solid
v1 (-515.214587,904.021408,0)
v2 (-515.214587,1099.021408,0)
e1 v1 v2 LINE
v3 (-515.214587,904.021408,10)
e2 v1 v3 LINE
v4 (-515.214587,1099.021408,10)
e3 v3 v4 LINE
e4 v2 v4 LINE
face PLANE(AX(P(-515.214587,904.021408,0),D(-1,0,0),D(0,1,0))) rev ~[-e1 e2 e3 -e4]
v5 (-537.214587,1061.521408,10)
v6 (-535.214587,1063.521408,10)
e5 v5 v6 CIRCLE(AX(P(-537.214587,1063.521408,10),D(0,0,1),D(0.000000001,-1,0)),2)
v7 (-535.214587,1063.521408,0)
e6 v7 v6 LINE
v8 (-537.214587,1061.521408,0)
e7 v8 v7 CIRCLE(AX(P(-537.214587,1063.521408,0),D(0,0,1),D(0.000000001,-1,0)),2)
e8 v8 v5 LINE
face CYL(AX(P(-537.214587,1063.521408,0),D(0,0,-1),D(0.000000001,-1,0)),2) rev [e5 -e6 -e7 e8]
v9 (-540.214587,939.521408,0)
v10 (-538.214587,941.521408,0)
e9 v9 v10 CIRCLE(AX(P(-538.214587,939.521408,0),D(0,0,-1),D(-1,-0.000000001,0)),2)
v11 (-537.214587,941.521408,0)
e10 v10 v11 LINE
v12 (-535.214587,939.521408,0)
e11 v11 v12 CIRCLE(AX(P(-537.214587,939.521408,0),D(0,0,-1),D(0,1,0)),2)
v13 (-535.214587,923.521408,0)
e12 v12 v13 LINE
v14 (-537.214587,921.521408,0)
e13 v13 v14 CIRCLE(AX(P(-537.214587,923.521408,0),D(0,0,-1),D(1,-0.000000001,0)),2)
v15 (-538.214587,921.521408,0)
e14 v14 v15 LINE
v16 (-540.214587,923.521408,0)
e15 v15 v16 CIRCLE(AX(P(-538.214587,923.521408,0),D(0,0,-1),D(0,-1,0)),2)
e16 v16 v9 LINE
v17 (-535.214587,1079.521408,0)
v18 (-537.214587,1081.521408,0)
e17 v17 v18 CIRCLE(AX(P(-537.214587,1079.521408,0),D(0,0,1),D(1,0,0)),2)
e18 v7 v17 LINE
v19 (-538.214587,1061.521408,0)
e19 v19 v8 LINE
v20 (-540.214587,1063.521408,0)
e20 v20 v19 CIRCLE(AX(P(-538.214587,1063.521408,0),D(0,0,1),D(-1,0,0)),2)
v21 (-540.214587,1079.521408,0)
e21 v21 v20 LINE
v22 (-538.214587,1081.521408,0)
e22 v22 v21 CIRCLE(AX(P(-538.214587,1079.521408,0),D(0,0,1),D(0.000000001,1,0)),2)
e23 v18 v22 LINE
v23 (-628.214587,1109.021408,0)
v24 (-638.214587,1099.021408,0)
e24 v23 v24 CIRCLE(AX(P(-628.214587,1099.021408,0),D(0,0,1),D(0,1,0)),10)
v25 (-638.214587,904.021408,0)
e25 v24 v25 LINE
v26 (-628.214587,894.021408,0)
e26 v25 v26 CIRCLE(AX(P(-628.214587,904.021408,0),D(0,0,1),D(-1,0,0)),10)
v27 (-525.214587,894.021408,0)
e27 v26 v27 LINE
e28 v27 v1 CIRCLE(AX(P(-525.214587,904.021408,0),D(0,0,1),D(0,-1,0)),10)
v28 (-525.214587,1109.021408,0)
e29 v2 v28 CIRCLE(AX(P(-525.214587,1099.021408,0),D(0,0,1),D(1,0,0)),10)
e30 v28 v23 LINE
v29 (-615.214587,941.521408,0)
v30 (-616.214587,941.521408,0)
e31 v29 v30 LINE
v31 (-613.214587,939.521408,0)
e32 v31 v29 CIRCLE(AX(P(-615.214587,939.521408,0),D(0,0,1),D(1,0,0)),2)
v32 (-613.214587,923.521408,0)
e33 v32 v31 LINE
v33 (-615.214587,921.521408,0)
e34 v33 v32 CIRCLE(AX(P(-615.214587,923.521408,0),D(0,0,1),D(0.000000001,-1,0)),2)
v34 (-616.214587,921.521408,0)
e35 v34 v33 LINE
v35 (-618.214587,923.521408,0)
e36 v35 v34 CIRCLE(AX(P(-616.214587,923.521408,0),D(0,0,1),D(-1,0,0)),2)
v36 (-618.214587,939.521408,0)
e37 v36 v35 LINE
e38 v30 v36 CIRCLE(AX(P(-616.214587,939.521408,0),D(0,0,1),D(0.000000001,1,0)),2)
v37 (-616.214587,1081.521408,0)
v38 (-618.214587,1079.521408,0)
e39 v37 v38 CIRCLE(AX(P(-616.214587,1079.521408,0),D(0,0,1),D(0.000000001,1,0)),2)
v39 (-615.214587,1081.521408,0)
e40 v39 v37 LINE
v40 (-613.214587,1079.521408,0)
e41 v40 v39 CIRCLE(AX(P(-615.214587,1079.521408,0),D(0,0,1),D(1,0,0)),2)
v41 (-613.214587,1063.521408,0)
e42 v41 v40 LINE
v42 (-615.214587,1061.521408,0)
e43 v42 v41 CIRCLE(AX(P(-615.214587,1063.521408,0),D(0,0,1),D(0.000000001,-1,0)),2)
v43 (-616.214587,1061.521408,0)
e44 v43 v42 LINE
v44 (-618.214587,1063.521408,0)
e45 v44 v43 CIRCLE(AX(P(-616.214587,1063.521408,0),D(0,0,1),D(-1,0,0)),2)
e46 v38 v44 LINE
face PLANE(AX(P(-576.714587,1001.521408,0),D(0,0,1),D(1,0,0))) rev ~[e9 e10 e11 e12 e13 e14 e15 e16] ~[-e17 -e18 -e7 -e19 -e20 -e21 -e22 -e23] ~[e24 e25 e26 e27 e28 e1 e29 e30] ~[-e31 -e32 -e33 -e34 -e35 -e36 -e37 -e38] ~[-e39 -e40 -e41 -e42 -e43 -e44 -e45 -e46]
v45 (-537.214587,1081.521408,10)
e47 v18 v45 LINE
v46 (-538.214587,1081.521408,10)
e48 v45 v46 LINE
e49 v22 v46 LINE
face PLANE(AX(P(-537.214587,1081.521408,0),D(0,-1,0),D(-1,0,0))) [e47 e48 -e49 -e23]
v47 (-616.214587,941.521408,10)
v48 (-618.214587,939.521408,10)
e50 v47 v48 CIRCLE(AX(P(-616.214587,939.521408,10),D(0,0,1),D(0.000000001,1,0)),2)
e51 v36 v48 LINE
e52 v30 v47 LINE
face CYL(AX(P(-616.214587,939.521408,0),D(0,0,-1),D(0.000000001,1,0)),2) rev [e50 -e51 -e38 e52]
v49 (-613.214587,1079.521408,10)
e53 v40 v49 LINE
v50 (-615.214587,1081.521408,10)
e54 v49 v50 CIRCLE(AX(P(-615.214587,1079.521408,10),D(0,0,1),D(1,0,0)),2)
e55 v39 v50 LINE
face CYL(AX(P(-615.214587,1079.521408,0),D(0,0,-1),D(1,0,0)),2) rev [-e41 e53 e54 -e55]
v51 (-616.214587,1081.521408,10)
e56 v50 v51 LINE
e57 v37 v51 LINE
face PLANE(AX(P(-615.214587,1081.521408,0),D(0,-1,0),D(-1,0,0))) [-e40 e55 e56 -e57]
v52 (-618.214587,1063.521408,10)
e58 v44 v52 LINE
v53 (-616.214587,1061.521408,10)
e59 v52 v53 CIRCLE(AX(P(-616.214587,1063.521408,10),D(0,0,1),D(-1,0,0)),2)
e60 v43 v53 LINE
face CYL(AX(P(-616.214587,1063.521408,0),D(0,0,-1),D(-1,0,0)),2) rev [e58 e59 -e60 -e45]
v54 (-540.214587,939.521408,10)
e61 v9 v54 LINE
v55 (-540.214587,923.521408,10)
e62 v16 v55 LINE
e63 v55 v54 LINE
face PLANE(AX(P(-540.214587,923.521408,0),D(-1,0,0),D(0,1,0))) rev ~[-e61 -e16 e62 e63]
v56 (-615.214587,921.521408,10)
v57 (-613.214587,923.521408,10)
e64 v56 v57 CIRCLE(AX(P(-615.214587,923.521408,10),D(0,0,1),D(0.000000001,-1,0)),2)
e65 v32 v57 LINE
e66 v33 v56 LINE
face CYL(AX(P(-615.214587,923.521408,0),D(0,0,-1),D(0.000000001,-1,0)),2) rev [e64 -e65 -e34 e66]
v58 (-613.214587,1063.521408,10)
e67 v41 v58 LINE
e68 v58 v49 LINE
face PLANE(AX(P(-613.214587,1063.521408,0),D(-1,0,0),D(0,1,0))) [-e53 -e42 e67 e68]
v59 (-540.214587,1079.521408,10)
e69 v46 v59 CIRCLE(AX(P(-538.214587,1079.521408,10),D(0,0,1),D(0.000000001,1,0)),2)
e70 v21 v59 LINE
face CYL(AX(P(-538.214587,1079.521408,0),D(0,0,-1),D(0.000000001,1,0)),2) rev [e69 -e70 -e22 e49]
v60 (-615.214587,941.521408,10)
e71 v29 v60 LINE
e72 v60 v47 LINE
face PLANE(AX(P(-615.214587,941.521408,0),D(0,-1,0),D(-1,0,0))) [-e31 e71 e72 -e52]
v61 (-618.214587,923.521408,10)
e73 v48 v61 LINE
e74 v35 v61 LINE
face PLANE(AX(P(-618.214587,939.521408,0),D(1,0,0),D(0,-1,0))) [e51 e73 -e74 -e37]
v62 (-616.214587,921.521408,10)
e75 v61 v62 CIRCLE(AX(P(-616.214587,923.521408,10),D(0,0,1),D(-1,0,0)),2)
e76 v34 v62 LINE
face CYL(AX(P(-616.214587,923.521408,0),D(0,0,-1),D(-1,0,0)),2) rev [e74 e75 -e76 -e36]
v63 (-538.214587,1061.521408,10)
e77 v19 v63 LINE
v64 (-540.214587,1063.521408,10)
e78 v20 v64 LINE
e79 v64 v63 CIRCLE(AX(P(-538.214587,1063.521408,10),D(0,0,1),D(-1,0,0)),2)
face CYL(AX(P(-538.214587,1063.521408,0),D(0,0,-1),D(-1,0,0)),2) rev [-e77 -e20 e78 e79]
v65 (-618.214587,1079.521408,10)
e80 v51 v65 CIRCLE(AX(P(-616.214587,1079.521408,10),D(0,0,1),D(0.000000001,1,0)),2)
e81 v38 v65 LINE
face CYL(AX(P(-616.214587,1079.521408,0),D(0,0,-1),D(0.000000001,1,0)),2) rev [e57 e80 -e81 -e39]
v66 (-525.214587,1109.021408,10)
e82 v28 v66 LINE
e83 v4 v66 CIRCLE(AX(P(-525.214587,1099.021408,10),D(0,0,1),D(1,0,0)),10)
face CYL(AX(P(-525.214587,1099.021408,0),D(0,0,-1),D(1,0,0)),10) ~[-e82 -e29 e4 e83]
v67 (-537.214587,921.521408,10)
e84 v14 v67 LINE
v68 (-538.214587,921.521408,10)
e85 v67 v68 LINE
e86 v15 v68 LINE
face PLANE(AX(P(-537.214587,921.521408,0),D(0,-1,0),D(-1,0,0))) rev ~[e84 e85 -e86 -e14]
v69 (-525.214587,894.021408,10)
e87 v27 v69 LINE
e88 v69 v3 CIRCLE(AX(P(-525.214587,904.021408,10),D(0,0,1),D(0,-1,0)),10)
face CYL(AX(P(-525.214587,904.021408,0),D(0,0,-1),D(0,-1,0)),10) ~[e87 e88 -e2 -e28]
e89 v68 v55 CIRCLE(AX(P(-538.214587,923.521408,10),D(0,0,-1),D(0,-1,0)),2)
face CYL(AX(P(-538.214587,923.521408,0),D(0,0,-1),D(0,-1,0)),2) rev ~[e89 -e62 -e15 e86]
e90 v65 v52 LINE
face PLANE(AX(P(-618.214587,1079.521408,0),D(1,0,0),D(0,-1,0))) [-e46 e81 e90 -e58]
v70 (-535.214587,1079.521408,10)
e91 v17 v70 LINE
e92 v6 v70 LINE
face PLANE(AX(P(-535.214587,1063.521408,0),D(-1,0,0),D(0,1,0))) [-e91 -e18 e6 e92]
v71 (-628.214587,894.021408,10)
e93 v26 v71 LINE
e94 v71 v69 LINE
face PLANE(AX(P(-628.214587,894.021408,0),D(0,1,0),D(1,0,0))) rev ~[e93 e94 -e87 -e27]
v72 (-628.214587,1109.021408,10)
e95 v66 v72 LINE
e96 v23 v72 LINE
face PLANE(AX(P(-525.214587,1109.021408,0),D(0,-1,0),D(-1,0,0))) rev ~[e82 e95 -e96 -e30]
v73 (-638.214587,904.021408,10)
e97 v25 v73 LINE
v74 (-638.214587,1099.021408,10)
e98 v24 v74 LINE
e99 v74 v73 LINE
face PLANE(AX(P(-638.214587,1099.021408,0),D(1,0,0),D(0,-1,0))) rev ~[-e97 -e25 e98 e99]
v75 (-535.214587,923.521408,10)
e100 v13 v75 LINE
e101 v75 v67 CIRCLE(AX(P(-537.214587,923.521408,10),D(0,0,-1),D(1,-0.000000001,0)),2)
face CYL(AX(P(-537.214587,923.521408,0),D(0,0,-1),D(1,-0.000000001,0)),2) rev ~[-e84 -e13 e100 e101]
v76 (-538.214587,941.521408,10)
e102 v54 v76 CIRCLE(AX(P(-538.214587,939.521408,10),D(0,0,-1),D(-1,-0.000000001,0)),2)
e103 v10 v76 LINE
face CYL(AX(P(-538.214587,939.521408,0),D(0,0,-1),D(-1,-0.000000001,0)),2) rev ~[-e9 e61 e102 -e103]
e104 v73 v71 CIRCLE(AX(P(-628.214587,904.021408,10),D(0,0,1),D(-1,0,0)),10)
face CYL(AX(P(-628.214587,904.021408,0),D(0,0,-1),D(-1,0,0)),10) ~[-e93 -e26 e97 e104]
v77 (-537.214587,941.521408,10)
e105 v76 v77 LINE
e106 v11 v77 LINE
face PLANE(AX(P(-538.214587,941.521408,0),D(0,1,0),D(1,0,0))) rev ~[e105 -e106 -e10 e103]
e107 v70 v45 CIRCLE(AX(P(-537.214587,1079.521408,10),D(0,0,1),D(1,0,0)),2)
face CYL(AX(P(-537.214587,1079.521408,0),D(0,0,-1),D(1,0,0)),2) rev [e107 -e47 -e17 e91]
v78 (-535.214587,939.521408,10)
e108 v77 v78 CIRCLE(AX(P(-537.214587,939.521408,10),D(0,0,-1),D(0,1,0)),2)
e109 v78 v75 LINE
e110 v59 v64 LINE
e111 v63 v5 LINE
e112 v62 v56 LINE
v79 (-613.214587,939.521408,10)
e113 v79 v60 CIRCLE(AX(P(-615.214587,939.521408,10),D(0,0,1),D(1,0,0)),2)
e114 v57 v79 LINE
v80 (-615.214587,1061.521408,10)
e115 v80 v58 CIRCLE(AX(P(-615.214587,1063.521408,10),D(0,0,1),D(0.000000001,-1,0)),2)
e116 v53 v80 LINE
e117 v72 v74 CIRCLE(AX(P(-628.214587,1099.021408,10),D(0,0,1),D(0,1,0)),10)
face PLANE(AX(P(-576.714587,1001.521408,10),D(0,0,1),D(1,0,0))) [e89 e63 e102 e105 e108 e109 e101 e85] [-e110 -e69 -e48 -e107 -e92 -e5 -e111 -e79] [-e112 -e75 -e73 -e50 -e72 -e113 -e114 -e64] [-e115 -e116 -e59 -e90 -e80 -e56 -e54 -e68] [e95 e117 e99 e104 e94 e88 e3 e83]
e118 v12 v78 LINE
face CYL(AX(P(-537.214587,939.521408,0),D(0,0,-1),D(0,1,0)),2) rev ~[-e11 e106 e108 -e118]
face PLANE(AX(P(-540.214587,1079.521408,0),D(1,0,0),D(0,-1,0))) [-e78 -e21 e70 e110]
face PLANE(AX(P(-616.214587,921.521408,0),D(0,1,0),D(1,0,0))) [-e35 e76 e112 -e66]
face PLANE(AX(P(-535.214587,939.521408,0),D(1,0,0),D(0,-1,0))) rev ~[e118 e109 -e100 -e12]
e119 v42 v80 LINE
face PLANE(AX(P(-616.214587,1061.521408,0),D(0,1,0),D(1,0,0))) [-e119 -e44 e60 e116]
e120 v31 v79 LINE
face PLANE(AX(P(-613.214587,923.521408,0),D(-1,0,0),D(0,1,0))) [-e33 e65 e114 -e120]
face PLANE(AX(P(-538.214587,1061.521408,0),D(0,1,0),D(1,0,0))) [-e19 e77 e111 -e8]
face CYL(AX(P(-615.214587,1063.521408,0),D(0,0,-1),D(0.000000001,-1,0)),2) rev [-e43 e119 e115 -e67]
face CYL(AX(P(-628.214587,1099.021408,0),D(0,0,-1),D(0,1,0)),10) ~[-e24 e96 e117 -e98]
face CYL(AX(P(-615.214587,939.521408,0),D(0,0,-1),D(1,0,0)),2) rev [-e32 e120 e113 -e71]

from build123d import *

# Parameters (mm, degrees)
SALIENTE_EXTRUIR1_DEPTH = 10


with BuildPart() as part:
    # Croquis2 → Saliente-Extruir1 (new body)
    with BuildSketch(Plane.XY):
        with BuildLine():
            Line((-628.214587467, 894.02140807), (-525.214587467, 894.02140807))
            ThreePointArc((-525.214587467, 894.02140807), (-518.143519656, 896.950340259), (-515.214587467, 904.02140807))
            Line((-515.214587467, 904.02140807), (-515.214587467, 1099.02140807))
            ThreePointArc((-515.214587467, 1099.02140807), (-518.143519656, 1106.092475882), (-525.214587467, 1109.02140807))
            Line((-525.214587467, 1109.02140807), (-628.214587467, 1109.02140807))
            ThreePointArc((-628.214587467, 1109.02140807), (-635.285655279, 1106.092475882), (-638.214587467, 1099.02140807))
            Line((-638.214587467, 1099.02140807), (-638.214587467, 904.02140807))
            ThreePointArc((-638.214587467, 904.02140807), (-635.285655279, 896.950340259), (-628.214587467, 894.02140807))
        make_face()
        with BuildLine():
            Line((-537.214587467, 1081.52140807), (-538.214587467, 1081.52140807))
            ThreePointArc((-538.214587467, 1081.52140807), (-539.62880103, 1080.935621633), (-540.214587467, 1079.52140807))
            Line((-540.214587467, 1079.52140807), (-540.214587467, 1063.52140807))
            ThreePointArc((-540.214587467, 1063.52140807), (-539.62880103, 1062.107194508), (-538.214587467, 1061.52140807))
            Line((-538.214587467, 1061.52140807), (-537.214587467, 1061.52140807))
            ThreePointArc((-537.214587467, 1061.52140807), (-535.800373905, 1062.107194508), (-535.214587467, 1063.52140807))
            Line((-535.214587467, 1063.52140807), (-535.214587467, 1079.52140807))
            ThreePointArc((-535.214587467, 1079.52140807), (-535.800373905, 1080.935621633), (-537.214587467, 1081.52140807))
        make_face(mode=Mode.SUBTRACT)
        with BuildLine():
            Line((-616.214587467, 1061.52140807), (-615.214587467, 1061.52140807))
            ThreePointArc((-615.214587467, 1061.52140807), (-613.800373905, 1062.107194508), (-613.214587467, 1063.52140807))
            Line((-613.214587467, 1063.52140807), (-613.214587467, 1079.52140807))
            ThreePointArc((-613.214587467, 1079.52140807), (-613.800373905, 1080.935621633), (-615.214587467, 1081.52140807))
            Line((-615.214587467, 1081.52140807), (-616.214587467, 1081.52140807))
            ThreePointArc((-616.214587467, 1081.52140807), (-617.62880103, 1080.935621633), (-618.214587467, 1079.52140807))
            Line((-618.214587467, 1079.52140807), (-618.214587467, 1063.52140807))
            ThreePointArc((-618.214587467, 1063.52140807), (-617.62880103, 1062.107194508), (-616.214587467, 1061.52140807))
        make_face(mode=Mode.SUBTRACT)
        with BuildLine():
            Line((-535.214587467, 939.52140807), (-535.214587467, 923.52140807))
            ThreePointArc((-535.214587467, 923.52140807), (-535.800373905, 922.107194508), (-537.214587467, 921.52140807))
            Line((-537.214587467, 921.52140807), (-538.214587467, 921.52140807))
            ThreePointArc((-538.214587467, 921.52140807), (-539.62880103, 922.107194508), (-540.214587467, 923.52140807))
            Line((-540.214587467, 923.52140807), (-540.214587467, 939.52140807))
            ThreePointArc((-540.214587467, 939.52140807), (-539.62880103, 940.935621633), (-538.214587467, 941.52140807))
            Line((-538.214587467, 941.52140807), (-537.214587467, 941.52140807))
            ThreePointArc((-537.214587467, 941.52140807), (-535.800373905, 940.935621633), (-535.214587467, 939.52140807))
        make_face(mode=Mode.SUBTRACT)
        with BuildLine():
            Line((-616.214587467, 921.52140807), (-615.214587467, 921.52140807))
            ThreePointArc((-615.214587467, 921.52140807), (-613.800373905, 922.107194508), (-613.214587467, 923.52140807))
            Line((-613.214587467, 923.52140807), (-613.214587467, 939.52140807))
            ThreePointArc((-613.214587467, 939.52140807), (-613.800373905, 940.935621633), (-615.214587467, 941.52140807))
            Line((-615.214587467, 941.52140807), (-616.214587467, 941.52140807))
            ThreePointArc((-616.214587467, 941.52140807), (-617.62880103, 940.935621633), (-618.214587467, 939.52140807))
            Line((-618.214587467, 939.52140807), (-618.214587467, 923.52140807))
            ThreePointArc((-618.214587467, 923.52140807), (-617.62880103, 922.107194508), (-616.214587467, 921.52140807))
        make_face(mode=Mode.SUBTRACT)
    extrude(amount=SALIENTE_EXTRUIR1_DEPTH)


solid = part.part
